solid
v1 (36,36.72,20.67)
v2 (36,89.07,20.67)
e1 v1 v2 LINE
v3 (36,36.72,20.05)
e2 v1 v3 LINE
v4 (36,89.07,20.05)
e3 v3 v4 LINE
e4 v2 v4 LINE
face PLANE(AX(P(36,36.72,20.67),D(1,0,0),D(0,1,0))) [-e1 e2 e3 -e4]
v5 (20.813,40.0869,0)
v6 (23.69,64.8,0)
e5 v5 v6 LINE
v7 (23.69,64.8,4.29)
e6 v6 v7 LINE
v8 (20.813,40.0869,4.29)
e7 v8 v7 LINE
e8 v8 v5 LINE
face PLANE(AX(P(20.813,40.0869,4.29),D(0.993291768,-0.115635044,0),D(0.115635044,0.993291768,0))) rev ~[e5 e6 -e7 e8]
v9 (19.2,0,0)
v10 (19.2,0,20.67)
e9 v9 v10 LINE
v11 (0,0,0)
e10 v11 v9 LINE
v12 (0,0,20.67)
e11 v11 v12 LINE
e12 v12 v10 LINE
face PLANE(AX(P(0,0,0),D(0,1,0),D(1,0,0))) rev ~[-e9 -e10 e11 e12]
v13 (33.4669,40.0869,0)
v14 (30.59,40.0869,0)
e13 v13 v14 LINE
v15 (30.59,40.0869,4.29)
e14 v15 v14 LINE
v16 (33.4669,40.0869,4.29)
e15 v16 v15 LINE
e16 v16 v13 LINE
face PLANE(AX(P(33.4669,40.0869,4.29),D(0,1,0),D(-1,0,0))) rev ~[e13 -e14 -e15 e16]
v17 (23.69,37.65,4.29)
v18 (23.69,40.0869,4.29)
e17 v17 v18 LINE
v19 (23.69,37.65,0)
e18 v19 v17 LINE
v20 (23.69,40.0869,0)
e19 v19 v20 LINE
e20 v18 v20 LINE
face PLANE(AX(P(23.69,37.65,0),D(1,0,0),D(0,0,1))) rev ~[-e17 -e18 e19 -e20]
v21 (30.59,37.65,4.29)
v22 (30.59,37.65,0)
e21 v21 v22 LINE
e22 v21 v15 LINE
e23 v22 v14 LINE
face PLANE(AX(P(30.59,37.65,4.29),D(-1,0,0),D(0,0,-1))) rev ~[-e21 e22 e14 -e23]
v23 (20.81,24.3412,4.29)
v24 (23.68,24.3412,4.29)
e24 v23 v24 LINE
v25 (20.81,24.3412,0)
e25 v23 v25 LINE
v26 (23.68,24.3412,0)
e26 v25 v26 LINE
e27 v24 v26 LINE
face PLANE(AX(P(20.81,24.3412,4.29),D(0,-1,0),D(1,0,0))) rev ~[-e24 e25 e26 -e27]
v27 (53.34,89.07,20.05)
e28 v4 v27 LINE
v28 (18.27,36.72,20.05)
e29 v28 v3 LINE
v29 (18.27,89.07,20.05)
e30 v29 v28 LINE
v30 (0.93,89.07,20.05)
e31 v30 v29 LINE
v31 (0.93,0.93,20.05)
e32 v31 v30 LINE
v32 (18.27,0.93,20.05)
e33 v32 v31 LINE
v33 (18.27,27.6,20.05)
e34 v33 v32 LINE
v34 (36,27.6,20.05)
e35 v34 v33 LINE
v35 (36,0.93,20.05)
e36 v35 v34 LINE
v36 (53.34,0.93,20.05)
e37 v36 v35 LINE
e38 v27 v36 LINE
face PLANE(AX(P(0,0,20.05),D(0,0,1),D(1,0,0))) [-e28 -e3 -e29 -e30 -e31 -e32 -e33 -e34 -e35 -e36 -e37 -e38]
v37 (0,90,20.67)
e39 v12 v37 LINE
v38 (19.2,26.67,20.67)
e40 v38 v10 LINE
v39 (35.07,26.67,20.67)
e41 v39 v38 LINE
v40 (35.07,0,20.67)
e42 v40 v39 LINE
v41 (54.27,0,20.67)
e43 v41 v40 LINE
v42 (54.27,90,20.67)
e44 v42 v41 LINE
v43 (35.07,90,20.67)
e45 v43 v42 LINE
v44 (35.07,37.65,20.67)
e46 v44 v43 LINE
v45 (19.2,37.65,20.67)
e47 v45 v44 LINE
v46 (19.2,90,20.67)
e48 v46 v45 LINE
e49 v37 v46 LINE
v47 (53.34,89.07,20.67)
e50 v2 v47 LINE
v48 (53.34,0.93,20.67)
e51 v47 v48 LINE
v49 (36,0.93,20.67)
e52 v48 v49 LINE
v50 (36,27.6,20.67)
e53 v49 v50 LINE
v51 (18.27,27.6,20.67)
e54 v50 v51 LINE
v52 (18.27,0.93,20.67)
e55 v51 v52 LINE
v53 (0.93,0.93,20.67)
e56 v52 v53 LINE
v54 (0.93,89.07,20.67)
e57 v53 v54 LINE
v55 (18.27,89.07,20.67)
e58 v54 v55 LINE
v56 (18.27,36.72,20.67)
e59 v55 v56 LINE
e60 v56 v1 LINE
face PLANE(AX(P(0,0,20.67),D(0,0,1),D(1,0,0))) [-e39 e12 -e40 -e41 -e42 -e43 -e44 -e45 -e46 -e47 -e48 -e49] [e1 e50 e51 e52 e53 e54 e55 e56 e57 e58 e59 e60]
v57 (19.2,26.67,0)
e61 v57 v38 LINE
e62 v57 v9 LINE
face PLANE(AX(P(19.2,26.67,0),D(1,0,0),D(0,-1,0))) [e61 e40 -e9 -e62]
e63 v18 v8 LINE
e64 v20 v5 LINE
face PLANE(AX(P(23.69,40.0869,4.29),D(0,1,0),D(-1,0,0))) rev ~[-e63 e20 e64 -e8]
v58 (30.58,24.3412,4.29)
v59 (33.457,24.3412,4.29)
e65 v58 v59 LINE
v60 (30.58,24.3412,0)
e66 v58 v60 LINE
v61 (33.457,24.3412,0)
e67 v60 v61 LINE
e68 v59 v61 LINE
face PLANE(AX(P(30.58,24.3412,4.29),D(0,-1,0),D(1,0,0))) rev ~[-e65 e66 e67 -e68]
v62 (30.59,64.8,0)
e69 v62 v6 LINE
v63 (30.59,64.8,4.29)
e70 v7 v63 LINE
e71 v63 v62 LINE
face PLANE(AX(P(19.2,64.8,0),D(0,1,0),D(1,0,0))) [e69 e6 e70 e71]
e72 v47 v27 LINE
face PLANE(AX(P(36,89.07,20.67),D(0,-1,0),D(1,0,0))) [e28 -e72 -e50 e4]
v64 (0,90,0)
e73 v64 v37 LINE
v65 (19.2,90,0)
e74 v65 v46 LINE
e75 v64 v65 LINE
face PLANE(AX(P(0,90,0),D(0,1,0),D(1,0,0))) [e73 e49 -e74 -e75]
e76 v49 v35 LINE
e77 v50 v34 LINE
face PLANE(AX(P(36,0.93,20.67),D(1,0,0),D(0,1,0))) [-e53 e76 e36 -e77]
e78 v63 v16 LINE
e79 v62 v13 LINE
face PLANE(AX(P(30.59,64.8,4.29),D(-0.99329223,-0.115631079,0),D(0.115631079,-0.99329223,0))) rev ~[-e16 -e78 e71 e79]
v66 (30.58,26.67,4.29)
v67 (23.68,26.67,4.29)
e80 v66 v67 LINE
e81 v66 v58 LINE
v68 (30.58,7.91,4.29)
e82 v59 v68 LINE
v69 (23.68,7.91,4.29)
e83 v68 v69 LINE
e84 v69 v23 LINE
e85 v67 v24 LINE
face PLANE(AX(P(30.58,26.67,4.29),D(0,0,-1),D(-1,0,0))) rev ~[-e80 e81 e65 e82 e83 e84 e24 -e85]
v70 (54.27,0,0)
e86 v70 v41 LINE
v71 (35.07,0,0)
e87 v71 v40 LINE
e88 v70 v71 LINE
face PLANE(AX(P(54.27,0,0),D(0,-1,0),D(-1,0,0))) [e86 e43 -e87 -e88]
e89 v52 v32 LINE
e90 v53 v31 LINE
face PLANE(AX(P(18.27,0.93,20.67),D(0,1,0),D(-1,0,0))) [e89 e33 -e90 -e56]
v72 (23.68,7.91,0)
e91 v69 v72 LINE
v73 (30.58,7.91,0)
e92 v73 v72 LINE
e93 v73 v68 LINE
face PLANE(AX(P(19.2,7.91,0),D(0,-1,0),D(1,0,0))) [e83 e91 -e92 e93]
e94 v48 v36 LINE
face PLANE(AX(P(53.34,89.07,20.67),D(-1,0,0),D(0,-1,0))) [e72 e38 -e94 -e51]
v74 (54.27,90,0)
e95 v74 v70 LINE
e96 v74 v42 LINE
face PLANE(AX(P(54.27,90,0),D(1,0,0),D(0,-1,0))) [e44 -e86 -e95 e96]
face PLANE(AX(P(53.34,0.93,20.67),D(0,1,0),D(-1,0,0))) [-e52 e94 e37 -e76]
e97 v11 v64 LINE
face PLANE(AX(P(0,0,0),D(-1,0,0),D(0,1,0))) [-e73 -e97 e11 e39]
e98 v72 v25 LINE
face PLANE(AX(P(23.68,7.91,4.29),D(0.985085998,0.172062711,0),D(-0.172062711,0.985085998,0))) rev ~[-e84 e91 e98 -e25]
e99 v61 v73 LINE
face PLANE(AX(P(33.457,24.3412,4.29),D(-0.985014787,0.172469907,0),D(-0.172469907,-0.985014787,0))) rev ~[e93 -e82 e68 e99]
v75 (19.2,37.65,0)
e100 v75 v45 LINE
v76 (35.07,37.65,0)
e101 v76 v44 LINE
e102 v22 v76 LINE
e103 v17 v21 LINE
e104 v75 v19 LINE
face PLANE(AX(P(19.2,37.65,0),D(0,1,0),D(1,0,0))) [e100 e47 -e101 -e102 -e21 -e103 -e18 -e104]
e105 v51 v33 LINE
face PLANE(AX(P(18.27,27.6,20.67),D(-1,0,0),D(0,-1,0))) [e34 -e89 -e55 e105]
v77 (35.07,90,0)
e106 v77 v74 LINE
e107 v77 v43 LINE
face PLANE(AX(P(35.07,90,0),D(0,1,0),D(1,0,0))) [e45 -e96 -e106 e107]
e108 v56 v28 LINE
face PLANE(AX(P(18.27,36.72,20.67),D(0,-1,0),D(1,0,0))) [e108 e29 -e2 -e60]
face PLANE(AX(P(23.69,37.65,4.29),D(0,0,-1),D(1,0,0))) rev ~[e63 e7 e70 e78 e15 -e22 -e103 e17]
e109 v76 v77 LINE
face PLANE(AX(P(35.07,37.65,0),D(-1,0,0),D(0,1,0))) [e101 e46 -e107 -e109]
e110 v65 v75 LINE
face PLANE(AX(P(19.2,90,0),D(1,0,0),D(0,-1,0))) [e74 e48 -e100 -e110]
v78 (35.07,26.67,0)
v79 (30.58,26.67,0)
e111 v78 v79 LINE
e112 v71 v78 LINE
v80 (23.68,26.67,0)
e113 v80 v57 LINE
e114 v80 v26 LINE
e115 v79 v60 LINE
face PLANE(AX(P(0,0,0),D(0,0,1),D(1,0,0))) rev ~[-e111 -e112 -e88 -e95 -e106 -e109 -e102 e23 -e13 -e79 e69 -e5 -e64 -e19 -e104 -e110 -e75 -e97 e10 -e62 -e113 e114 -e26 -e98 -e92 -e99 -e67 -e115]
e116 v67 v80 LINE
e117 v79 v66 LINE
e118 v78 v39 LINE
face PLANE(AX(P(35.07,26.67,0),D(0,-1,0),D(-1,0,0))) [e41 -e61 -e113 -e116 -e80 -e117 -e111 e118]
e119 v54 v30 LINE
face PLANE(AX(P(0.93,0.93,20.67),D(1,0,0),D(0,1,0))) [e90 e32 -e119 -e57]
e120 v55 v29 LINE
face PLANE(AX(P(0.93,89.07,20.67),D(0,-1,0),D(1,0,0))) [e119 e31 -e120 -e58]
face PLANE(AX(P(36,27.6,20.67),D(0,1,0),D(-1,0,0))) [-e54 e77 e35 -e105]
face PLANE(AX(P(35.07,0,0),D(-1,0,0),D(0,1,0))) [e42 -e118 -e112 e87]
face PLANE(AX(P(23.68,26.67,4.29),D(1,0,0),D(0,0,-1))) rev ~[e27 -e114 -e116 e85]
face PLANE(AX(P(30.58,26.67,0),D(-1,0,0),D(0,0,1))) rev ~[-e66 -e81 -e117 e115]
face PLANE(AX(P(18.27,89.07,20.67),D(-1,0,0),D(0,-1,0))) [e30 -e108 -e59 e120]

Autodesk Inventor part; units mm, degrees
ref_plane "YZ Plane" through (0, 0, 0) normal (1, 0, 0) x (0, 1, 0)
ref_plane "XZ Plane" through (0, 0, 0) normal (0, 1, 0) x (-1, 0, 0)
ref_plane "XY Plane" through (0, 0, 0) normal (0, 0, 1) x (1, 0, 0)
sketch "Sketch1" plane through (0, 0, 0) normal (0, 0, 1) x (1, 0, 0)
  line L0 (0, 0) -> (0, 90)
  line L1 (0, 90) -> (19.2, 90)
  line L2 (19.2, 90) -> (19.2, 37.65)
  line L3 (19.2, 37.65) -> (35.07, 37.65)
  line L4 (35.07, 37.65) -> (35.07, 90)
  line L5 (35.07, 90) -> (54.27, 90)
  line L6 (54.27, 90) -> (54.27, 0)
  line L7 (54.27, 0) -> (35.07, 0)
  line L8 (35.07, 0) -> (35.07, 26.67)
  line L9 (35.07, 26.67) -> (19.2, 26.67)
  line L10 (19.2, 26.67) -> (19.2, 0)
  line L11 (0, 0) -> (19.2, 0)
  dimension "d0" = 90
  dimension "d1" = 19.2
  dimension "d2" = 52.35
  dimension "d3" = 15.87
  dimension "d4" = 19.2
  dimension "d5" = 26.67
extrude "Extrusion1" add sketch "Sketch1" along normal blind 20.67
sketch "Sketch2" plane through (19.2, 37.65, 0) normal (0, 1, 0) x (1, 0, 0)
  line L0 (15.87, 0) -> (0, 0) projected
  line L1 (11.39, 0) -> (4.49, 0)
  line L2 (4.49, 0) -> (4.49, -4.29)
  line L3 (4.49, -4.29) -> (11.39, -4.29)
  line L4 (11.39, -4.29) -> (11.39, 0)
  point P0 (-19.2, 0)
  dimension "d8" = 6.9
  dimension "d9" = 4.29
extrude "Extrusion2" add sketch "Sketch2" along normal blind 27.15
sketch "Sketch3" plane through (23.69, 37.65, 4.29) normal (0, 0, 1) x (1, 0, 0)
  line L0 (6.9, 0) -> (0, 0) projected
  line L1 (0, 27.15) -> (6.9, 27.15) projected
  line L2 (0, 0) -> (0, 27.15) projected
  line L3 (6.9, 27.15) -> (9.7769, 2.4369)
  line L4 (6.9, 27.15) -> (31.78, 27.15) construction
  line L5 (9.7769, 2.4369) -> (6.9, 2.4369)
  line L6 (6.9, 0) -> (6.9, 27.15) projected
  line L7 (0, 2.4369) -> (-2.877, 2.4369)
  line L8 (-2.877, 2.4369) -> (0, 27.15)
  point P0 (-23.69, -37.65)
  dimension "d12" = 24.88
  dimension "d13" = 83.36
  dimension "d14" = 2.877
extrude "Extrusion3" add sketch "Sketch3" against normal blind 4.29
sketch "Sketch4" plane through (19.2, 26.67, 0) normal (0, -1, 0) x (1, 0, 0)
  line L0 (0, 0) -> (0, 20.67) projected
  line L1 (0, 0) -> (4.49, 0) projected
  line L2 (4.48, 0) -> (11.38, 0)
  line L3 (11.38, 0) -> (11.38, 4.29)
  line L4 (11.38, 4.29) -> (4.48, 4.29)
  line L5 (4.48, 4.29) -> (4.48, 0)
  point P0 (-19.2, 0)
  dimension "d17" = 6.9
  dimension "d18" = 4.29
  dimension "d19" = 4.48
extrude "Extrusion4" add sketch "Sketch4" along normal blind 18.76
sketch "Sketch5" plane through (23.68, 26.67, 4.29) normal (0, 0, 1) x (1, 0, 0)
  line L0 (0, 0) -> (6.9, 0) projected
  line L1 (0, 0) -> (0, -18.76) projected
  line L2 (6.9, -18.76) -> (0, -18.76) projected
  line L3 (0, -18.76) -> (-2.87, -2.3288)
  line L4 (-4.48, -26.67) -> (-4.48, 0) projected
  line L5 (-2.87, -2.3288) -> (0, -2.3288)
  line L6 (6.9, 0) -> (6.9, -18.76) projected
  line L7 (6.9, -2.3288) -> (9.777, -2.3288)
  line L8 (9.777, -2.3288) -> (6.9, -18.76)
  point P0 (-23.68, -26.67)
  dimension "d22" = 16.68
  dimension "d23" = 1.61
  dimension "d24" = 2.877
extrude "Extrusion5" add sketch "Sketch5" against normal blind 4.29
sketch "Sketch6" plane through (0, 0, 20.67) normal (0, 0, 1) x (1, 0, 0)
  line L0 (0.93, 0.93) -> (0.93, 89.07)
  line L1 (0, 90) -> (19.2, 90) projected
  line L2 (0.93, 89.07) -> (18.27, 89.07)
  line L3 (18.27, 89.07) -> (18.27, 36.72)
  line L4 (18.27, 36.72) -> (36, 36.72)
  line L5 (36, 36.72) -> (36, 89.07)
  line L6 (36, 89.07) -> (53.34, 89.07)
  line L7 (53.34, 89.07) -> (53.34, 0.93)
  line L8 (53.34, 0.93) -> (36, 0.93)
  line L9 (36, 0.93) -> (36, 27.6)
  line L10 (36, 27.6) -> (18.27, 27.6)
  line L11 (18.27, 27.6) -> (18.27, 0.93)
  line L12 (18.27, 0.93) -> (0.93, 0.93)
  dimension "d27" = 88.14
  dimension "d28" = 17.34
  dimension "d29" = 52.35
  dimension "d30" = 17.73
  dimension "d31" = 52.35
  dimension "d32" = 17.34
  dimension "d33" = 88.14
  dimension "d34" = 26.67
extrude "Extrusion6" cut sketch "Sketch6" against normal blind 0.62
properties part number "print Helix V1"
